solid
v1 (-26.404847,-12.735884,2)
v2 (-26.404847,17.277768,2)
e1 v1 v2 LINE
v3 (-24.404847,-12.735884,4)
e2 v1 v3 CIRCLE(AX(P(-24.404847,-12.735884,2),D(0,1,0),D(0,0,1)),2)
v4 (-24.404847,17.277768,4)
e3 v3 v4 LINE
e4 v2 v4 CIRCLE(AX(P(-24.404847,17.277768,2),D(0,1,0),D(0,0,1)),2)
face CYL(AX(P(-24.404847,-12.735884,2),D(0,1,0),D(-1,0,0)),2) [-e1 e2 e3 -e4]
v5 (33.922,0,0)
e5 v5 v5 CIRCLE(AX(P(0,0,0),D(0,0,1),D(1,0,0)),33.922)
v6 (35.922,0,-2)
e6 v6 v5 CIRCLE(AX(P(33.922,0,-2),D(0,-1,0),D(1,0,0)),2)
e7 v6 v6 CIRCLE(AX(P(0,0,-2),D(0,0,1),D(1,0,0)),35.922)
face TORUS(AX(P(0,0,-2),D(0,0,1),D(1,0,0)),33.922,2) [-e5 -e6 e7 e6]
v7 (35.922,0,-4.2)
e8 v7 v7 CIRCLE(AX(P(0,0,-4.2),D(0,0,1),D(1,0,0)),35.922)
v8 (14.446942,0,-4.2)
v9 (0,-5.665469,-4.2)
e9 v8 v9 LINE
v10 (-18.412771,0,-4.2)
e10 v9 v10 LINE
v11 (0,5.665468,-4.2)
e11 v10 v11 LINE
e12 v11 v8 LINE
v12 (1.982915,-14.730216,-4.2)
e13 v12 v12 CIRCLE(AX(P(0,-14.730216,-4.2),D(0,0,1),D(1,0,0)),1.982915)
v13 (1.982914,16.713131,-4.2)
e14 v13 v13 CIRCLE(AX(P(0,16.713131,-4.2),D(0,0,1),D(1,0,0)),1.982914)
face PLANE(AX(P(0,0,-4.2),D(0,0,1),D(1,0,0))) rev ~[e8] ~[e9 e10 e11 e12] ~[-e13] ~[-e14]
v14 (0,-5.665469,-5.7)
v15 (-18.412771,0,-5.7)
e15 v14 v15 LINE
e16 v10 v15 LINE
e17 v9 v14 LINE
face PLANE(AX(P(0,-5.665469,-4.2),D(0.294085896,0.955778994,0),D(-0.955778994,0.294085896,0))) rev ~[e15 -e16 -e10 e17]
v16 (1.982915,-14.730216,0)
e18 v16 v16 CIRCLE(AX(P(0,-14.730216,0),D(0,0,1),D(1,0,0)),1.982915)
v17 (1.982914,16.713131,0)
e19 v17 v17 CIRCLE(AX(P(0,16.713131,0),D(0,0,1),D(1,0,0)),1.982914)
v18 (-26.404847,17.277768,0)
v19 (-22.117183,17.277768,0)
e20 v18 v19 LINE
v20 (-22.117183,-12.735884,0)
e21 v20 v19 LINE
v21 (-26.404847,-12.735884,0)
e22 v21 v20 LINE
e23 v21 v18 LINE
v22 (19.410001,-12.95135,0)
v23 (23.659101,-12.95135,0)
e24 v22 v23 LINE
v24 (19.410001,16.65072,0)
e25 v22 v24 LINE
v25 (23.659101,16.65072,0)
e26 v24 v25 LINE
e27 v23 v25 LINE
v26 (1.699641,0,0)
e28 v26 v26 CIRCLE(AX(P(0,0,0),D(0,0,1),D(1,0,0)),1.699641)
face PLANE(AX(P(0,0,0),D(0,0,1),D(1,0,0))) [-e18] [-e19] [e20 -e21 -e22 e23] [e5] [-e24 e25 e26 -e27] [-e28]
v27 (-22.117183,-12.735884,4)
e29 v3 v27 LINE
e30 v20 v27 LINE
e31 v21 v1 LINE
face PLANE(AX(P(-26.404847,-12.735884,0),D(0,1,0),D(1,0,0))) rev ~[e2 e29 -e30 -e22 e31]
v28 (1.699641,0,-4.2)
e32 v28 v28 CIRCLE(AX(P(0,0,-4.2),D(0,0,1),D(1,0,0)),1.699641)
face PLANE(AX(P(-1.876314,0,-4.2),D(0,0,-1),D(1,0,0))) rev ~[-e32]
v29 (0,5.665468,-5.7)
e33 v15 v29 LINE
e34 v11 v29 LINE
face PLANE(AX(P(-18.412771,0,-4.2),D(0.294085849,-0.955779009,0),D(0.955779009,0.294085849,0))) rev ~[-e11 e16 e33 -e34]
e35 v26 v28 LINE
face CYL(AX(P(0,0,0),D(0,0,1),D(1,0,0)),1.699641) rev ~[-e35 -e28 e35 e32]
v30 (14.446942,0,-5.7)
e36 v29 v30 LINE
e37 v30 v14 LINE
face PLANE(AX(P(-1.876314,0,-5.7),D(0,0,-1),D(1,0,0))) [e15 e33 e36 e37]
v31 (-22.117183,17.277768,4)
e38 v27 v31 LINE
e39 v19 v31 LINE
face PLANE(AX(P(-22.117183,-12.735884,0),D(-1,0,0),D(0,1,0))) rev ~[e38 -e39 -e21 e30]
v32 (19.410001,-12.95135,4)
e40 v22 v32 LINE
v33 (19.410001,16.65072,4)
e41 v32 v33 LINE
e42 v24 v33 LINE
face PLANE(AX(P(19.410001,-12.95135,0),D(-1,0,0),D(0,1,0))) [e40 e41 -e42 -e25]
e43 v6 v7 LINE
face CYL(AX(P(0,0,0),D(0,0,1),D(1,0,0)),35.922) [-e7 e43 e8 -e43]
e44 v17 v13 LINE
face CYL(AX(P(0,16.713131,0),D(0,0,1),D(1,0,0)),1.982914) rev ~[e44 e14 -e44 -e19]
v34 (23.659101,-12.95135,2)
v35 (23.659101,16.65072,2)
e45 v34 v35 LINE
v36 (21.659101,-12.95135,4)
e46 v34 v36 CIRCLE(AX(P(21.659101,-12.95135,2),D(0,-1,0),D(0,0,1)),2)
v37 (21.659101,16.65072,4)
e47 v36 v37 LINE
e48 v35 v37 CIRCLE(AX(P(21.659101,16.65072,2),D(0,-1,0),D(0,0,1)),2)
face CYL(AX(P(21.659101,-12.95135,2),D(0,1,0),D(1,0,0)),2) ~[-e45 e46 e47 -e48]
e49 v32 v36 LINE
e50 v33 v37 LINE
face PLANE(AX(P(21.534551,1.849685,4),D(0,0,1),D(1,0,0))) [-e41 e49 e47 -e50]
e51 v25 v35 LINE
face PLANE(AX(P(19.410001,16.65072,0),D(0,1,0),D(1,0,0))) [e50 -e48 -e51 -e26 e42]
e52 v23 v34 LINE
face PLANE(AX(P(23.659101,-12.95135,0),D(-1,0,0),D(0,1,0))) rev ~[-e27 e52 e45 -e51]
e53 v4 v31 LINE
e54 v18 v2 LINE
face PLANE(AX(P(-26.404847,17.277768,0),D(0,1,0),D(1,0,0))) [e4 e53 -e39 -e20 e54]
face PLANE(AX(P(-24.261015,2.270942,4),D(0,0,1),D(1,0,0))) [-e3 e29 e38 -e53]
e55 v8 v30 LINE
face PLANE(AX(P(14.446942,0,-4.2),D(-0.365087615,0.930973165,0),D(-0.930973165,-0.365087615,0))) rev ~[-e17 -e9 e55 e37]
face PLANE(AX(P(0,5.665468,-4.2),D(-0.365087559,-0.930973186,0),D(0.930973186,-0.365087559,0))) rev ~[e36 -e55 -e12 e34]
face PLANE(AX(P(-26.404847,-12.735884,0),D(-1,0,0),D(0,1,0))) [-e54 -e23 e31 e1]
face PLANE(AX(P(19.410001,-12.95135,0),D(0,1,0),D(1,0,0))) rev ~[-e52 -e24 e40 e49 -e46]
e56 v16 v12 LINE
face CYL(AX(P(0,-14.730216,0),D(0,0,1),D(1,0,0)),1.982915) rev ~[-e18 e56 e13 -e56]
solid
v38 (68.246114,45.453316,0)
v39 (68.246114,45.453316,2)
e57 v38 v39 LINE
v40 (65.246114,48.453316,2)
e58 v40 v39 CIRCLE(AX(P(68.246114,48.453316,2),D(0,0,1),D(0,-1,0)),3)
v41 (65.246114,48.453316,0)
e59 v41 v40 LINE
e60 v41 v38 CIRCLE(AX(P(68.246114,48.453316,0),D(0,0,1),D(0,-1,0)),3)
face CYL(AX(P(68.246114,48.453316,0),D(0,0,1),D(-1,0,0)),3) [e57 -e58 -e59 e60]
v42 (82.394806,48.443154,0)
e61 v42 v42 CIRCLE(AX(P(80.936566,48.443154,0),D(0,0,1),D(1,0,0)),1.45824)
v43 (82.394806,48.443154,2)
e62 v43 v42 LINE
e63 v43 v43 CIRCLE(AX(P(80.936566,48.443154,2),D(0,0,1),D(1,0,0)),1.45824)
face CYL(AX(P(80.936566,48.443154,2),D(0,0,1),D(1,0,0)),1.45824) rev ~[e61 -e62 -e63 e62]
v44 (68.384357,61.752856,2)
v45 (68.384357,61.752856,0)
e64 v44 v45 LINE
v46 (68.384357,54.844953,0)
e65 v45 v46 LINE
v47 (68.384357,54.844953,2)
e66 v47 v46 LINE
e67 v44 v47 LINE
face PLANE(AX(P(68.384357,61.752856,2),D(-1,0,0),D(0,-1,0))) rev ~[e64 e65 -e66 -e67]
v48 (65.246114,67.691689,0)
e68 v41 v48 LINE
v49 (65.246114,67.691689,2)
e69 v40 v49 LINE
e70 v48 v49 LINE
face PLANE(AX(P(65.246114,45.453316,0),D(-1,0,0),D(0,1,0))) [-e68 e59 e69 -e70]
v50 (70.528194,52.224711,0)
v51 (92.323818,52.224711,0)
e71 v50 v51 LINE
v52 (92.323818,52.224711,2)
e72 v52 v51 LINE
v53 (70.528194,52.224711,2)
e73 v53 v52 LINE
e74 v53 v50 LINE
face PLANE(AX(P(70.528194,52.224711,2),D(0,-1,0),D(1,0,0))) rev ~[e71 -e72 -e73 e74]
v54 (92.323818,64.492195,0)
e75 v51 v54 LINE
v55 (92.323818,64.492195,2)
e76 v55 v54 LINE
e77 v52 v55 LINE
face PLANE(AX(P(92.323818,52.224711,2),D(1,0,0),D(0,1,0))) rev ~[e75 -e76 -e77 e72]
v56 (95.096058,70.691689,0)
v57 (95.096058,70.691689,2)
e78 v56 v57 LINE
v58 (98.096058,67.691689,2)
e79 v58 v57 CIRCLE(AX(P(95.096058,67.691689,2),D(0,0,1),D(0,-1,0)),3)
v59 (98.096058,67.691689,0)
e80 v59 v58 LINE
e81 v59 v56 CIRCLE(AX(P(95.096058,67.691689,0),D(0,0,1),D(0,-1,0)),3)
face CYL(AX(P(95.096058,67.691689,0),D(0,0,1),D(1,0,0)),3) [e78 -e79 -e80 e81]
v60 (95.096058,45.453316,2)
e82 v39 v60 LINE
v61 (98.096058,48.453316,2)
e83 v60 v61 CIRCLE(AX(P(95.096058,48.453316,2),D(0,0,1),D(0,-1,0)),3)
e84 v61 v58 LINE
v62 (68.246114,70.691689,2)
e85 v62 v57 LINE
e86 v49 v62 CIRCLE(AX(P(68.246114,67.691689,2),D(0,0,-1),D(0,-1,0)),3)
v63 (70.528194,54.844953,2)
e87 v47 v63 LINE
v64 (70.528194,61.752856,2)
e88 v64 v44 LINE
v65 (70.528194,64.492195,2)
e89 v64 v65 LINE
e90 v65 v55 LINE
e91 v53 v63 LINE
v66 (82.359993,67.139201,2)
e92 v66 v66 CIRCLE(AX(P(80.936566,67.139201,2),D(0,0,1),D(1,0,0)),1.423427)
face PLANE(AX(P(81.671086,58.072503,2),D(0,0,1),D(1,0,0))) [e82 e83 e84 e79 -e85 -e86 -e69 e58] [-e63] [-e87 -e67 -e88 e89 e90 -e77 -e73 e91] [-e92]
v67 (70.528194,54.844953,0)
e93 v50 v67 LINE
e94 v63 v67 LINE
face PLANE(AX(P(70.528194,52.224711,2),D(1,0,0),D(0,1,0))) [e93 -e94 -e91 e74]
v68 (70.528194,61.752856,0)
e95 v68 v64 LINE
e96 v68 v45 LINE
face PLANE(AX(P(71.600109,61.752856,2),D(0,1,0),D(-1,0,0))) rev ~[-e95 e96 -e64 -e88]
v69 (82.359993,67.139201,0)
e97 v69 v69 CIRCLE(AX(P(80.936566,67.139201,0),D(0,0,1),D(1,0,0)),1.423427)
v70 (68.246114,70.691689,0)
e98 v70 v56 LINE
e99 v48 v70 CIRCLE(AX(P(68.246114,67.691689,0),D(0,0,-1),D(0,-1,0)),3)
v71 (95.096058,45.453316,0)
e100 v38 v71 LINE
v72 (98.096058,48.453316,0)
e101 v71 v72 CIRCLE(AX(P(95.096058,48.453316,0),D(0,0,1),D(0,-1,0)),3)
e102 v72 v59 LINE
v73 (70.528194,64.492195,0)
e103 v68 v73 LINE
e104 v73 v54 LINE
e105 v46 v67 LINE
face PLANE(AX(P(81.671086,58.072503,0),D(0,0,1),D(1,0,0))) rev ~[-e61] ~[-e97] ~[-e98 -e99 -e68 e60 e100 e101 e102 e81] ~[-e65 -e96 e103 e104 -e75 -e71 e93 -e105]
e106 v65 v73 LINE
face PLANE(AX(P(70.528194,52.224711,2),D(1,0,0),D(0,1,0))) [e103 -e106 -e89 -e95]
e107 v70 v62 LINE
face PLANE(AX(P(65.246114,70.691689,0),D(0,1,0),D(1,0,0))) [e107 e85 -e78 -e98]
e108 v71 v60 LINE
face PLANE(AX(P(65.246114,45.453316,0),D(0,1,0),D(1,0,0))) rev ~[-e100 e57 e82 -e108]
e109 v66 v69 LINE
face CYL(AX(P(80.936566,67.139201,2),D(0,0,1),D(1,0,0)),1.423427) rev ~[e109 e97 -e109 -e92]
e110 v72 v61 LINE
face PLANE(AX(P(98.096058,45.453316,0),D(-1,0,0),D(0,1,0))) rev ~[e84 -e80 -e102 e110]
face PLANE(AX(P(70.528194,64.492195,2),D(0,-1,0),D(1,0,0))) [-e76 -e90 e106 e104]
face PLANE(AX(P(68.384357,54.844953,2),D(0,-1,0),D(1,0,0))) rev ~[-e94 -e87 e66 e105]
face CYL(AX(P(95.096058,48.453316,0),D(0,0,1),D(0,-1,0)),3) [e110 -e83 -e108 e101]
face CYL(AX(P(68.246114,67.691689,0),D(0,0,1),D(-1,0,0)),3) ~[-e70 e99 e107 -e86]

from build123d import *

# Parameters (mm, degrees)
F0_R      = 35.922
F1_DEPTH  = 4.2
F2_R      = 2
F3_R      = 1.699641
F5_R      = 1.982914
F5_R_2    = 1.982915
F6_DEPTH  = 25
F8_W      = 4.287663
F8_H      = 30.013652
F7_W      = 4.2491
F7_H      = 29.60207
F9_DEPTH  = 4
F10_R     = 2
F11_R     = 2
F14_DEPTH = 1.5
F15_W     = 32.849945
F15_H     = 25.238373
F16_DEPTH = 2
F17_R     = 3
F19_W     = 21.795623
F19_H     = 12.267485
F21_DEPTH = 25
F22_R     = 1.423427
F22_R_2   = 1.45824
F23_DEPTH = 25


with BuildPart() as f1:
    # F0 (on Top) → F1 (new body)
    with BuildSketch(Plane.XY):
        Circle(F0_R)
    extrude(amount=-F1_DEPTH)

    # F2
    f2_edges = [f1.edges().sort_by_distance(p)[0] for p in [
        (-35.922, 0, 0),
    ]]
    fillet(f2_edges, radius=F2_R)

    # F3 (on face) + F5 (on face) → F6 (cut)
    with BuildSketch(Plane.XY):
        Circle(F3_R)
    with BuildSketch(Plane.XY):
        with Locations((0, 16.713131)):
            Circle(F5_R)
        with Locations((0, -14.730216)):
            Circle(F5_R_2)
    extrude(amount=-F6_DEPTH, mode=Mode.SUBTRACT)

    # F8 (on face) + F7 (on face) → F9 (join)
    with BuildSketch(Plane.XY):
        with Locations((-24.261015, 2.270942)):
            Rectangle(F8_W, F8_H)
    with BuildSketch(Plane.XY):
        with Locations((21.534551, 1.849685)):
            Rectangle(F7_W, F7_H)
    extrude(amount=F9_DEPTH)

    # F10
    f10_edges = [f1.edges().sort_by_distance(p)[0] for p in [
        (-26.404846, 2.270942, 4),
    ]]
    fillet(f10_edges, radius=F10_R)

    # F11
    f11_edges = [f1.edges().sort_by_distance(p)[0] for p in [
        (23.659101, 1.849685, 4),
    ]]
    fillet(f11_edges, radius=F11_R)

    # F13 (on face) → F14 (join)
    with BuildSketch(Plane(origin=(0, 0, -4.2), x_dir=(1, 0, 0), z_dir=(0, 0, -1))):
        Polygon((0, 5.665469), (-18.412771, 0), (0, -5.665468), (14.446942, 0), align=None)
    extrude(amount=F14_DEPTH)


with BuildPart() as f16:
    # F15 (on Top) → F16 (new body)
    with BuildSketch(Plane.XY):
        with Locations((81.671086, 58.072503)):
            Rectangle(F15_W, F15_H)
    extrude(amount=F16_DEPTH)

    # F17
    f17_edges = [f16.edges().sort_by_distance(p)[0] for p in [
        (65.246113, 70.69169, 1),
        (98.096058, 45.453317, 1),
        (98.096058, 70.69169, 1),
        (65.246113, 45.453317, 1),
    ]]
    fillet(f17_edges, radius=F17_R)

    # F19 (on face) + F20 (on face) → F21 (cut)
    with BuildSketch(Plane.XY.offset(2)):
        with Locations((81.426006, 58.358453)):
            Rectangle(F19_W, F19_H)
    with BuildSketch(Plane.XY.offset(2)):
        Polygon((71.600109, 54.844953), (71.600109, 61.752856), (68.384357, 61.752856), (68.384357, 57.226986), (68.384357, 54.844953), align=None)
    extrude(amount=-F21_DEPTH, mode=Mode.SUBTRACT)

    # F22 (on face) → F23 (cut)
    with BuildSketch(Plane.XY.offset(2)):
        with Locations((80.936566, 67.139201)):
            Circle(F22_R)
        with Locations((80.936566, 48.443154)):
            Circle(F22_R_2)
    extrude(amount=-F23_DEPTH, mode=Mode.SUBTRACT)


solid = Compound([f1.part, f16.part])
